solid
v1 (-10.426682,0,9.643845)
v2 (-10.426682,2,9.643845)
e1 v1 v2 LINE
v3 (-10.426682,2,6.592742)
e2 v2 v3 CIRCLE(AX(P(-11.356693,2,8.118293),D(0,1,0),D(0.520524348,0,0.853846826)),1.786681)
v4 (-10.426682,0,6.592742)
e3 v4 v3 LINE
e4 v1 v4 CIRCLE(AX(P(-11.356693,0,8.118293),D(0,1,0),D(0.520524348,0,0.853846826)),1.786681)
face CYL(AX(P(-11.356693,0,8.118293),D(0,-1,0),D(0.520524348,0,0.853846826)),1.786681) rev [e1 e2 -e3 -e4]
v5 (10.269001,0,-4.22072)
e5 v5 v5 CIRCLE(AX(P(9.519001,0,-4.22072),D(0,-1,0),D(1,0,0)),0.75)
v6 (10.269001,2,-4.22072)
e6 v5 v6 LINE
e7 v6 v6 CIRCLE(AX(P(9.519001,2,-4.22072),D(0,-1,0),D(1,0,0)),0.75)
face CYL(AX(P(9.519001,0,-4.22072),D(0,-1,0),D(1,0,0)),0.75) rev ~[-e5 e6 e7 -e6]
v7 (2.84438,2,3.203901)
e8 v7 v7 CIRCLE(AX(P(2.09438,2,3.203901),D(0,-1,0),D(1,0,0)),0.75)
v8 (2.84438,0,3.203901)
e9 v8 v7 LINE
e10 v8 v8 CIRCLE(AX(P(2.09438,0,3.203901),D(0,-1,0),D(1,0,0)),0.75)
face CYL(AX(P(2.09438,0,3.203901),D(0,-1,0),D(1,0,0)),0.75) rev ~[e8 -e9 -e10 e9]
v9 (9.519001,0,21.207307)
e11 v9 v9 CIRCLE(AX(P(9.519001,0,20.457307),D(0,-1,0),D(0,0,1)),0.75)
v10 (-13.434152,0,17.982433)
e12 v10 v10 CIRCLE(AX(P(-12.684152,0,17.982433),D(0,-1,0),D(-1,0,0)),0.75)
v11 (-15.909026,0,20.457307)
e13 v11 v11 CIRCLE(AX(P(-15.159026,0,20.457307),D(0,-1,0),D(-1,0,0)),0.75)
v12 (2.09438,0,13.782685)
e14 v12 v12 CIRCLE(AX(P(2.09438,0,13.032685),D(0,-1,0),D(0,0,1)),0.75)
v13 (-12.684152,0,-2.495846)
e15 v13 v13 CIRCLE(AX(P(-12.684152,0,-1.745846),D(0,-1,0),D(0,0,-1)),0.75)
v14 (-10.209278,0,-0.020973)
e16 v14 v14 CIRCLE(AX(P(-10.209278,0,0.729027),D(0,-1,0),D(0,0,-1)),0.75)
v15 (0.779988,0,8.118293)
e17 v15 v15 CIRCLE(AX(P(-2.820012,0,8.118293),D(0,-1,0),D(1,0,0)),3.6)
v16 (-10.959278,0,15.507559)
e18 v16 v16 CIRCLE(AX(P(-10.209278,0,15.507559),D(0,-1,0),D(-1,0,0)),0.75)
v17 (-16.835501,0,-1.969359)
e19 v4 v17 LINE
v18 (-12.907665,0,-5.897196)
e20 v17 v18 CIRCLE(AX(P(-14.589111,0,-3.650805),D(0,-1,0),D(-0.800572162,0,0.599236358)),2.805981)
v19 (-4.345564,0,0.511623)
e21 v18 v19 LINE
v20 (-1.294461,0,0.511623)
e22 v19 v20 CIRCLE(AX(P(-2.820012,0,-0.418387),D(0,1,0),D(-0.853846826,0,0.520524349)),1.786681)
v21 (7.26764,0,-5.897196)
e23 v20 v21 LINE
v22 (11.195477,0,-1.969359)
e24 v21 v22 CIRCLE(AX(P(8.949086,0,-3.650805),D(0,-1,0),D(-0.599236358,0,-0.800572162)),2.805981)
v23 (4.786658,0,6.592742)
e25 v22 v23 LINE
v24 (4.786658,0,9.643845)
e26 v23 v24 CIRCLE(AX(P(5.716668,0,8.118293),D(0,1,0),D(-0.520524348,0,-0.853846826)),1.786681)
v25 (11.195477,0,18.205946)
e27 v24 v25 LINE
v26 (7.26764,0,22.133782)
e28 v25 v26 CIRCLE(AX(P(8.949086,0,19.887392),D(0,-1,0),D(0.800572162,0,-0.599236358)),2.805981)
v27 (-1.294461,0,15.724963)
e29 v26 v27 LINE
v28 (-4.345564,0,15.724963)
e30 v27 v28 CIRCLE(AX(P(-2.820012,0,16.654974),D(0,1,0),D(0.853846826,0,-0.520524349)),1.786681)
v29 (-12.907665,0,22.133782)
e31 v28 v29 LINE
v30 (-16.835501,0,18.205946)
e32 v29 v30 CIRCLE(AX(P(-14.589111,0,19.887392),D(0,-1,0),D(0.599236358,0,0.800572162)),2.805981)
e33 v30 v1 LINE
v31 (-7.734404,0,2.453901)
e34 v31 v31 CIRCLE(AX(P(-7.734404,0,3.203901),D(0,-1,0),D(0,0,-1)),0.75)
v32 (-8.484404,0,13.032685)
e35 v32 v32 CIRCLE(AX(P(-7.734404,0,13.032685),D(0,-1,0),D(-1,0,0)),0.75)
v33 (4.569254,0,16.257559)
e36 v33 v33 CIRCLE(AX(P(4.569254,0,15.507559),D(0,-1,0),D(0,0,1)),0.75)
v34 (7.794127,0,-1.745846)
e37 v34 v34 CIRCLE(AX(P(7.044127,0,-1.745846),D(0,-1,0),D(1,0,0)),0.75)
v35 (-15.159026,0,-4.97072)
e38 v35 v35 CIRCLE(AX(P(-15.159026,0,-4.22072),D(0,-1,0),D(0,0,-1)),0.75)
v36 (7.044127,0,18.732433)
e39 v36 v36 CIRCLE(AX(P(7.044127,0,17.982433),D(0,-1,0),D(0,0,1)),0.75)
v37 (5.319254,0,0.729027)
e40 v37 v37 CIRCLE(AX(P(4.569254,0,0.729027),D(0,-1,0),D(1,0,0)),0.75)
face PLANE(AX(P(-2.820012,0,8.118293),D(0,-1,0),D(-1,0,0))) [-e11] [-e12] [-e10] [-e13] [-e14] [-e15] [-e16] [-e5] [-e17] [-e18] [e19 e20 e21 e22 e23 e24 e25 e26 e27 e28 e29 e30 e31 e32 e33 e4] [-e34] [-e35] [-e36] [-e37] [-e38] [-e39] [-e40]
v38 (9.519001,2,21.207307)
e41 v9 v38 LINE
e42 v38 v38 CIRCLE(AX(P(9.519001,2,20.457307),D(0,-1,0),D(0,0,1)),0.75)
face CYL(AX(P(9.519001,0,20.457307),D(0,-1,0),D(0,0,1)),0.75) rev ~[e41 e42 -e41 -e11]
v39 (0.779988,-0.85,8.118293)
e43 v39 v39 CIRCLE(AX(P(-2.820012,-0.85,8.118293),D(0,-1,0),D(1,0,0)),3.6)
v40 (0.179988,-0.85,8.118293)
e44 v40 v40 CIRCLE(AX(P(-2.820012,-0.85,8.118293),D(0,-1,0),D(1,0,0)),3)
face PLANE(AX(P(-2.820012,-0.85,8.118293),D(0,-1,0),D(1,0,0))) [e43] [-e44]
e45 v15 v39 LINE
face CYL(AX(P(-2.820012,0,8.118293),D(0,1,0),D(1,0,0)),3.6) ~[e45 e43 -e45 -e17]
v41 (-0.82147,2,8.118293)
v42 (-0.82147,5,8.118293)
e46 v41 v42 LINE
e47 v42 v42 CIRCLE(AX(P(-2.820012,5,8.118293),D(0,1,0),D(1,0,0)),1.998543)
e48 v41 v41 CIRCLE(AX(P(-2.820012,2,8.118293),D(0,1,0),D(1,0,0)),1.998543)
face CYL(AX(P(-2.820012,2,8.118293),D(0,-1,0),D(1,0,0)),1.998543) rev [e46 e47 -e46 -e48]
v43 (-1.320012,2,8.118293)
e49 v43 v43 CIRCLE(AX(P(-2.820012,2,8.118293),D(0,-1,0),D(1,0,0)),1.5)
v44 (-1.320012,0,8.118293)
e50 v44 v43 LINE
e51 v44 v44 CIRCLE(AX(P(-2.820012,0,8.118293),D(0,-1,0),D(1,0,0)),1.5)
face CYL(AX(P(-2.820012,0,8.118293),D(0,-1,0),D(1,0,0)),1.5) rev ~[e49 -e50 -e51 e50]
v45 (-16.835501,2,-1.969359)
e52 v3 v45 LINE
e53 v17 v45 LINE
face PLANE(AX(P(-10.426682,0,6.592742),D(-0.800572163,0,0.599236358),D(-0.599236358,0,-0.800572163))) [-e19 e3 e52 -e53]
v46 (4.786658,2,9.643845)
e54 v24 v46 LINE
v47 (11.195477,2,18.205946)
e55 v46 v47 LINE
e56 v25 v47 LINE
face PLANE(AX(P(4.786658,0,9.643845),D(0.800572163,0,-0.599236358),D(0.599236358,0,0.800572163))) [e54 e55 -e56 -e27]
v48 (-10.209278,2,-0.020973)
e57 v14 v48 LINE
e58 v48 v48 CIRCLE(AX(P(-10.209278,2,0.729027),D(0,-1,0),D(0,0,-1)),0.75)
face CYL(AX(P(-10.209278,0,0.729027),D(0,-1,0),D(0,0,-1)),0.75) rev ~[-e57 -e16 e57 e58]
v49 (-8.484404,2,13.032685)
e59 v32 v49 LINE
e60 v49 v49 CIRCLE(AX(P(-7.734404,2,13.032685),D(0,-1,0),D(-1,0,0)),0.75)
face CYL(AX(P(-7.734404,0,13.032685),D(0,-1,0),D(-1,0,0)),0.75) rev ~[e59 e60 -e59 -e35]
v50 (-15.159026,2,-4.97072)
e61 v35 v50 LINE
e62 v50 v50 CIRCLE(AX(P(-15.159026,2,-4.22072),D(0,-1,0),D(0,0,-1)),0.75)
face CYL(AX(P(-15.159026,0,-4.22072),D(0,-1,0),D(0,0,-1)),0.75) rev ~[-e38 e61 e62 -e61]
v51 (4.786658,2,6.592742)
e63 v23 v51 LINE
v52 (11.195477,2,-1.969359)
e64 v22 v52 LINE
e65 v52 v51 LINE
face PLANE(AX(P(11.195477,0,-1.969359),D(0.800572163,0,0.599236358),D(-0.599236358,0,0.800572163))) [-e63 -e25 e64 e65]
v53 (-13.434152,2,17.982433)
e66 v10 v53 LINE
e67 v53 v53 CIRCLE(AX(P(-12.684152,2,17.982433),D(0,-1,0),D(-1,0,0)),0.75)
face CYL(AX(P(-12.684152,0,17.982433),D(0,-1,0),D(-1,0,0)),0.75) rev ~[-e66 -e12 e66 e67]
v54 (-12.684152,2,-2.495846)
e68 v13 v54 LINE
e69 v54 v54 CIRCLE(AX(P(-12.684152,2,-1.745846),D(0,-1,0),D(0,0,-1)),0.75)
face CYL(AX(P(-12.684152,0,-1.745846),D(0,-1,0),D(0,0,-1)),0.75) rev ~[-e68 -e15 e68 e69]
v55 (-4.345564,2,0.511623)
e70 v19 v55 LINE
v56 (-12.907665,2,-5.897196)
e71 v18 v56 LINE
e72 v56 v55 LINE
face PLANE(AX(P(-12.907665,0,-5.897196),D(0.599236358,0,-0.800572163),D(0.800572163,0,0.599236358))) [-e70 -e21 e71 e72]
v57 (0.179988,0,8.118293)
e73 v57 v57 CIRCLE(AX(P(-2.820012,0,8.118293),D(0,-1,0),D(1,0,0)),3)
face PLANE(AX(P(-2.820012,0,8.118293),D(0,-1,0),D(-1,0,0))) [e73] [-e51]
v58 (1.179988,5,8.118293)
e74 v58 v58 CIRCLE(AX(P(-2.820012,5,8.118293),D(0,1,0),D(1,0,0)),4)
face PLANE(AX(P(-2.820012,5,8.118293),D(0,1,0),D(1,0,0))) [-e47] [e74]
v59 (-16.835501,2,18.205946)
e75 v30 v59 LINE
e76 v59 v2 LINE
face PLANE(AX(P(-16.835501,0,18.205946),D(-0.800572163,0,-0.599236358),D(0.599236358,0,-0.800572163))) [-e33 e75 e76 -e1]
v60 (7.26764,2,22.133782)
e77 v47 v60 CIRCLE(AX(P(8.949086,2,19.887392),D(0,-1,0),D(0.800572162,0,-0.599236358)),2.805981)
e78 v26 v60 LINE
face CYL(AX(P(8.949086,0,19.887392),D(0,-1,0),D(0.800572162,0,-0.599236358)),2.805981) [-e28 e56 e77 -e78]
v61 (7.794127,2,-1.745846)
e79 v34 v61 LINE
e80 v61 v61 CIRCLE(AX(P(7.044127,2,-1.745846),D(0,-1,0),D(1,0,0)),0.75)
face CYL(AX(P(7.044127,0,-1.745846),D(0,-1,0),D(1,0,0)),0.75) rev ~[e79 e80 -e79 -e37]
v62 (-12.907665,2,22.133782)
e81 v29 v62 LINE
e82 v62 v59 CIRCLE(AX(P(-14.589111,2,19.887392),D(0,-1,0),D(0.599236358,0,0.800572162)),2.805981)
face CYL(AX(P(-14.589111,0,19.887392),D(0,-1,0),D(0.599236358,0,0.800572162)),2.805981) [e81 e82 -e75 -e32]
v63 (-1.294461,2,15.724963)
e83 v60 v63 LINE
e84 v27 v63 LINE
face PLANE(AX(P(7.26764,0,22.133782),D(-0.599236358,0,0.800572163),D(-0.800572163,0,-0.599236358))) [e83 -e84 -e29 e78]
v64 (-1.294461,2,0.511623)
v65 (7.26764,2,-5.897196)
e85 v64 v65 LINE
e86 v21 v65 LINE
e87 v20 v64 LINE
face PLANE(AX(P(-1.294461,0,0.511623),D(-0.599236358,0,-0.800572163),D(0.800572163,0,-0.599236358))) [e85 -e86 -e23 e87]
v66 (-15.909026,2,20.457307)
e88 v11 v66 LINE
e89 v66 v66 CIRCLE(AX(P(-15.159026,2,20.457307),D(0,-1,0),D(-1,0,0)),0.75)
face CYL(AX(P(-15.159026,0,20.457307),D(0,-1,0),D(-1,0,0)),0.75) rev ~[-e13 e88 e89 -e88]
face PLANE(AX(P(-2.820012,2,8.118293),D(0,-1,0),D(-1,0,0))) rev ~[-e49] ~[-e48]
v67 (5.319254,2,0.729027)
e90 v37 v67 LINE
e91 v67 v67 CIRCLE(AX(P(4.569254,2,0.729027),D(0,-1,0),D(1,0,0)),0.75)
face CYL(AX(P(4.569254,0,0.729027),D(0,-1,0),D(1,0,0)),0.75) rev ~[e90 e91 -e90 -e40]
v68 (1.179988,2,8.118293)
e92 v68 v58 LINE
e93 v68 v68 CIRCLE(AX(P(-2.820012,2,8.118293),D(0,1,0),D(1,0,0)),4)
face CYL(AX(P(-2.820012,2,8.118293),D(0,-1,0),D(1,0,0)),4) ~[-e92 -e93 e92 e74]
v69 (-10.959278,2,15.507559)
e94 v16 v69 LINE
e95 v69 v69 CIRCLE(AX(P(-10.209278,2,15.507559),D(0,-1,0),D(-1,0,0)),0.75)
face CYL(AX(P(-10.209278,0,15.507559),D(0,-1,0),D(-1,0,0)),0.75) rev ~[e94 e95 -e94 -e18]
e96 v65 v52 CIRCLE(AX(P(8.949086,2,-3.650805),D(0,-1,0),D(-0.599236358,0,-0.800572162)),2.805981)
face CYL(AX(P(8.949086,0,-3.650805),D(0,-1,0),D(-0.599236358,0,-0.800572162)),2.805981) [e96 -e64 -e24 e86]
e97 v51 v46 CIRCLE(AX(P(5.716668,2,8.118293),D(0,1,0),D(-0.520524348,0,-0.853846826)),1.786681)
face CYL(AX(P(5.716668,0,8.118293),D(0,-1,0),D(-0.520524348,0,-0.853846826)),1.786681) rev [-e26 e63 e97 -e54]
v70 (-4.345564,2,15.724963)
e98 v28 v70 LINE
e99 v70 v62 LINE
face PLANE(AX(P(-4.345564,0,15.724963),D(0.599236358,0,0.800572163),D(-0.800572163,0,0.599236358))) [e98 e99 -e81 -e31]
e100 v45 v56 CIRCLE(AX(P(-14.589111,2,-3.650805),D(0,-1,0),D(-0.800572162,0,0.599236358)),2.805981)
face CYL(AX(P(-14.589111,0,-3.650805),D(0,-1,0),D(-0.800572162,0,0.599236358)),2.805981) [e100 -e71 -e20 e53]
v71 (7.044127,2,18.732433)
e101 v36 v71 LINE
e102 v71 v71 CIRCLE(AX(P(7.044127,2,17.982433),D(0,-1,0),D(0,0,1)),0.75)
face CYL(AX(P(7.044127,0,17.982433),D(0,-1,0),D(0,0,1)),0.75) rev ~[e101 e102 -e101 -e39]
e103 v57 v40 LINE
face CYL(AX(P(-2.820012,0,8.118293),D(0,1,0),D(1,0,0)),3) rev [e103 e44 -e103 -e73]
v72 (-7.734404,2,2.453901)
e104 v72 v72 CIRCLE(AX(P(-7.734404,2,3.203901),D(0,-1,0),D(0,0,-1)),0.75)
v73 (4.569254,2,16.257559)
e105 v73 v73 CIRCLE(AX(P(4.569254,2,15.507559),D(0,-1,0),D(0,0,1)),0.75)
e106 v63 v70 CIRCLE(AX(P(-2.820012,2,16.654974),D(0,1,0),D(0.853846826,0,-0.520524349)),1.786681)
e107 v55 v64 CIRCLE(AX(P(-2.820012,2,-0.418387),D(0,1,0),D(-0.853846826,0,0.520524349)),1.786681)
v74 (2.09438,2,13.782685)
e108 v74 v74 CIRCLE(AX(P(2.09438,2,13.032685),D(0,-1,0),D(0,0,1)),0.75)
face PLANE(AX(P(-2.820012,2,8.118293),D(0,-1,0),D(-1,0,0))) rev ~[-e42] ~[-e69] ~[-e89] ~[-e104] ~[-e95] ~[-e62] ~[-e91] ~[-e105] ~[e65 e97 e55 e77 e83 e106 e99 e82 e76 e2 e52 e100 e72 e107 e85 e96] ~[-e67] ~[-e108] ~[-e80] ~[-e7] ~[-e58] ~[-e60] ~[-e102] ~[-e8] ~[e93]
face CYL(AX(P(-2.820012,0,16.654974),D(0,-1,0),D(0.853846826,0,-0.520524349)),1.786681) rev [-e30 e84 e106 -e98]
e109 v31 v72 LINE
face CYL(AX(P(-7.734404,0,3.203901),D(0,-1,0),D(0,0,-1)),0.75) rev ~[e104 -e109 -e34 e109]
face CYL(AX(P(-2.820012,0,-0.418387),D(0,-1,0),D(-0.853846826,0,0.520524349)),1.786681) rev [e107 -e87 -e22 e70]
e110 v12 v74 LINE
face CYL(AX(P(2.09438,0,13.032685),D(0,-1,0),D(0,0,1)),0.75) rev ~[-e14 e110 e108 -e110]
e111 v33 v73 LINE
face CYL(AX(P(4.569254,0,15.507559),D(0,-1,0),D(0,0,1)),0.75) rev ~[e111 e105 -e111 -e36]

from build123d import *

# Parameters (mm, degrees)
BOSS_EXTRUDE1_DEPTH         = 2
SKETCH5_R                   = 4
SKETCH5_R_2                 = 1.998542518
BOSS_EXTRUDE2_DEPTH         = 3
SKETCH8_R                   = 1.5
CUT_EXTRUDE2_DEPTH          = 6
SKETCH9_R                   = 3.6
SKETCH9_R_2                 = 3
BOSS_EXTRUDE3_DEPTH         = 0.85
SKETCH10_R                  = 0.75
CUT_EXTRUDE3_DEPTH          = 2
LPATTERN1_COUNT             = 4
LPATTERN1_PITCH             = 3.5
CIRPATTERN1_COUNT           = 4
CIRPATTERN1_COPY_1_SKETCH_R = 0.75
CIRPATTERN1_COPY_1_DEPTH    = 2
CIRPATTERN1_COPY_2_SKETCH_R = 0.75
CIRPATTERN1_COPY_2_DEPTH    = 2
CIRPATTERN1_COPY_3_SKETCH_R = 0.75
CIRPATTERN1_COPY_3_DEPTH    = 2
CIRPATTERN1_COPY_4_SKETCH_R = 0.75
CIRPATTERN1_COPY_4_DEPTH    = 2
CIRPATTERN1_COPY_5_SKETCH_R = 0.75
CIRPATTERN1_COPY_5_DEPTH    = 2
CIRPATTERN1_COPY_6_SKETCH_R = 0.75
CIRPATTERN1_COPY_6_DEPTH    = 2
CIRPATTERN1_COPY_7_SKETCH_R = 0.75
CIRPATTERN1_COPY_7_DEPTH    = 2
CIRPATTERN1_COPY_8_SKETCH_R = 0.75
CIRPATTERN1_COPY_8_DEPTH    = 2
CIRPATTERN1_COPY_9_SKETCH_R = 0.75
CIRPATTERN1_COPY_9_DEPTH    = 2


with BuildPart() as part:
    # Sketch1 → Boss-Extrude1 (new body)
    with BuildSketch(Plane(origin=(0, 0, 0), x_dir=(1, 0, 0), z_dir=(0, 1, 0))):
        with BuildLine():
            Line((11.195476756, 1.969359322), (4.786657556, -6.592741724))
            ThreePointArc((4.786657556, -6.592741724), (3.929987754, -8.118293207), (4.786657556, -9.643844691))
            Line((4.786657556, -9.643844691), (11.195476756, -18.205945736))
            ThreePointArc((11.195476756, -18.205945736), (10.933214648, -21.871520101), (7.267640283, -22.133782209))
            Line((7.267640283, -22.133782209), (-1.294460762, -15.724963009))
            ThreePointArc((-1.294460762, -15.724963009), (-2.820012246, -14.868293207), (-4.34556373, -15.724963009))
            Line((-4.34556373, -15.724963009), (-12.907664775, -22.133782209))
            ThreePointArc((-12.907664775, -22.133782209), (-16.57323914, -21.871520101), (-16.835501248, -18.205945736))
            Line((-16.835501248, -18.205945736), (-10.426682048, -9.643844691))
            ThreePointArc((-10.426682048, -9.643844691), (-9.570012246, -8.118293207), (-10.426682048, -6.592741724))
            Line((-10.426682048, -6.592741724), (-16.835501248, 1.969359322))
            ThreePointArc((-16.835501248, 1.969359322), (-16.57323914, 5.634933687), (-12.907664775, 5.897195795))
            Line((-12.907664775, 5.897195795), (-4.34556373, -0.511623405))
            ThreePointArc((-4.34556373, -0.511623405), (-2.820012246, -1.368293207), (-1.294460762, -0.511623405))
            Line((-1.294460762, -0.511623405), (7.267640283, 5.897195795))
            ThreePointArc((7.267640283, 5.897195795), (10.933214648, 5.634933687), (11.195476756, 1.969359322))
        make_face()
    extrude(amount=BOSS_EXTRUDE1_DEPTH)

    # Sketch5 → Boss-Extrude2 (add)
    with BuildSketch(Plane(origin=(0, 2, 0), x_dir=(1, 0, 0), z_dir=(0, 1, 0))):
        with Locations((-2.820012246, -8.118293207)):
            Circle(SKETCH5_R)
        with Locations((-2.820012246, -8.118293207)):
            Circle(SKETCH5_R_2, mode=Mode.SUBTRACT)
    extrude(amount=BOSS_EXTRUDE2_DEPTH)

    # Sketch8 → Cut-Extrude2 (cut, through all)
    with BuildSketch(Plane.XZ):
        with Locations((-2.820012246, 8.118293207)):
            Circle(SKETCH8_R)
    extrude(amount=-CUT_EXTRUDE2_DEPTH, mode=Mode.SUBTRACT)

    # Sketch9 → Boss-Extrude3 (add)
    with BuildSketch(Plane.XZ):
        with Locations((-2.820012246, 8.118293207)):
            Circle(SKETCH9_R)
        with Locations((-2.820012246, 8.118293207)):
            Circle(SKETCH9_R_2, mode=Mode.SUBTRACT)
    extrude(amount=BOSS_EXTRUDE3_DEPTH)

    # Sketch10 → Cut-Extrude3 (cut)
    with BuildSketch(Plane.XZ):
        with Locations((9.519001086, -4.220720125)):
            Circle(SKETCH10_R)
    cut_extrude3 = extrude(amount=-CUT_EXTRUDE3_DEPTH, mode=Mode.SUBTRACT)

    # LPattern1: Cut-Extrude3 ×4
    with Locations(*[Vector(-0.707106781, 0, 0.707106781) * (i * LPATTERN1_PITCH) for i in range(1, LPATTERN1_COUNT)]):
        add(cut_extrude3, mode=Mode.SUBTRACT)

    # CirPattern1: Cut-Extrude3 ×4 about axis
    cirpattern1_axis = Axis((-2.820012246, 0, 8.118293207), (0, 1, 0))
    for i in range(1, CIRPATTERN1_COUNT):
        add(cut_extrude3.rotate(cirpattern1_axis, i * 360 / CIRPATTERN1_COUNT), mode=Mode.SUBTRACT)

    # CirPattern1 copy 1 sketch → CirPattern1 copy 1 (cut)
    with BuildSketch(Plane(origin=(-8.463431719, 0, 7.773154695), x_dir=(0, 0, -1), z_dir=(0, -1, 0))):
        with Locations((9.519001086, -4.220720125)):
            Circle(CIRPATTERN1_COPY_1_SKETCH_R)
    extrude(amount=-CIRPATTERN1_COPY_1_DEPTH, mode=Mode.SUBTRACT)

    # CirPattern1 copy 2 sketch → CirPattern1 copy 2 (cut)
    with BuildSketch(Plane(origin=(-3.165150758, 0, 13.76171268), x_dir=(-1, 0, 0), z_dir=(0, -1, 0))):
        with Locations((9.519001086, -4.220720125)):
            Circle(CIRPATTERN1_COPY_2_SKETCH_R)
    extrude(amount=-CIRPATTERN1_COPY_2_DEPTH, mode=Mode.SUBTRACT)

    # CirPattern1 copy 3 sketch → CirPattern1 copy 3 (cut)
    with BuildSketch(Plane(origin=(2.823407227, 0, 8.463431719), x_dir=(0, 0, 1), z_dir=(0, -1, 0))):
        with Locations((9.519001086, -4.220720125)):
            Circle(CIRPATTERN1_COPY_3_SKETCH_R)
    extrude(amount=-CIRPATTERN1_COPY_3_DEPTH, mode=Mode.SUBTRACT)

    # CirPattern1 copy 4 sketch → CirPattern1 copy 4 (cut)
    with BuildSketch(Plane(origin=(-5.988557985, 0, 10.248028429), x_dir=(0, 0, -1), z_dir=(0, -1, 0))):
        with Locations((9.519001086, -4.220720125)):
            Circle(CIRPATTERN1_COPY_4_SKETCH_R)
    extrude(amount=-CIRPATTERN1_COPY_4_DEPTH, mode=Mode.SUBTRACT)

    # CirPattern1 copy 5 sketch → CirPattern1 copy 5 (cut)
    with BuildSketch(Plane(origin=(-0.690277024, 0, 11.286838946), x_dir=(-1, 0, 0), z_dir=(0, -1, 0))):
        with Locations((9.519001086, -4.220720125)):
            Circle(CIRPATTERN1_COPY_5_SKETCH_R)
    extrude(amount=-CIRPATTERN1_COPY_5_DEPTH, mode=Mode.SUBTRACT)

    # CirPattern1 copy 6 sketch → CirPattern1 copy 6 (cut)
    with BuildSketch(Plane(origin=(0.348533493, 0, 5.988557985), x_dir=(0, 0, 1), z_dir=(0, -1, 0))):
        with Locations((9.519001086, -4.220720125)):
            Circle(CIRPATTERN1_COPY_6_SKETCH_R)
    extrude(amount=-CIRPATTERN1_COPY_6_DEPTH, mode=Mode.SUBTRACT)

    # CirPattern1 copy 7 sketch → CirPattern1 copy 7 (cut)
    with BuildSketch(Plane(origin=(-3.513684251, 0, 12.722902164), x_dir=(0, 0, -1), z_dir=(0, -1, 0))):
        with Locations((9.519001086, -4.220720125)):
            Circle(CIRPATTERN1_COPY_7_SKETCH_R)
    extrude(amount=-CIRPATTERN1_COPY_7_DEPTH, mode=Mode.SUBTRACT)

    # CirPattern1 copy 8 sketch → CirPattern1 copy 8 (cut)
    with BuildSketch(Plane(origin=(1.78459671, 0, 8.811965212), x_dir=(-1, 0, 0), z_dir=(0, -1, 0))):
        with Locations((9.519001086, -4.220720125)):
            Circle(CIRPATTERN1_COPY_8_SKETCH_R)
    extrude(amount=-CIRPATTERN1_COPY_8_DEPTH, mode=Mode.SUBTRACT)

    # CirPattern1 copy 9 sketch → CirPattern1 copy 9 (cut)
    with BuildSketch(Plane(origin=(-2.126340241, 0, 3.513684251), x_dir=(0, 0, 1), z_dir=(0, -1, 0))):
        with Locations((9.519001086, -4.220720125)):
            Circle(CIRPATTERN1_COPY_9_SKETCH_R)
    extrude(amount=-CIRPATTERN1_COPY_9_DEPTH, mode=Mode.SUBTRACT)


solid = part.part
